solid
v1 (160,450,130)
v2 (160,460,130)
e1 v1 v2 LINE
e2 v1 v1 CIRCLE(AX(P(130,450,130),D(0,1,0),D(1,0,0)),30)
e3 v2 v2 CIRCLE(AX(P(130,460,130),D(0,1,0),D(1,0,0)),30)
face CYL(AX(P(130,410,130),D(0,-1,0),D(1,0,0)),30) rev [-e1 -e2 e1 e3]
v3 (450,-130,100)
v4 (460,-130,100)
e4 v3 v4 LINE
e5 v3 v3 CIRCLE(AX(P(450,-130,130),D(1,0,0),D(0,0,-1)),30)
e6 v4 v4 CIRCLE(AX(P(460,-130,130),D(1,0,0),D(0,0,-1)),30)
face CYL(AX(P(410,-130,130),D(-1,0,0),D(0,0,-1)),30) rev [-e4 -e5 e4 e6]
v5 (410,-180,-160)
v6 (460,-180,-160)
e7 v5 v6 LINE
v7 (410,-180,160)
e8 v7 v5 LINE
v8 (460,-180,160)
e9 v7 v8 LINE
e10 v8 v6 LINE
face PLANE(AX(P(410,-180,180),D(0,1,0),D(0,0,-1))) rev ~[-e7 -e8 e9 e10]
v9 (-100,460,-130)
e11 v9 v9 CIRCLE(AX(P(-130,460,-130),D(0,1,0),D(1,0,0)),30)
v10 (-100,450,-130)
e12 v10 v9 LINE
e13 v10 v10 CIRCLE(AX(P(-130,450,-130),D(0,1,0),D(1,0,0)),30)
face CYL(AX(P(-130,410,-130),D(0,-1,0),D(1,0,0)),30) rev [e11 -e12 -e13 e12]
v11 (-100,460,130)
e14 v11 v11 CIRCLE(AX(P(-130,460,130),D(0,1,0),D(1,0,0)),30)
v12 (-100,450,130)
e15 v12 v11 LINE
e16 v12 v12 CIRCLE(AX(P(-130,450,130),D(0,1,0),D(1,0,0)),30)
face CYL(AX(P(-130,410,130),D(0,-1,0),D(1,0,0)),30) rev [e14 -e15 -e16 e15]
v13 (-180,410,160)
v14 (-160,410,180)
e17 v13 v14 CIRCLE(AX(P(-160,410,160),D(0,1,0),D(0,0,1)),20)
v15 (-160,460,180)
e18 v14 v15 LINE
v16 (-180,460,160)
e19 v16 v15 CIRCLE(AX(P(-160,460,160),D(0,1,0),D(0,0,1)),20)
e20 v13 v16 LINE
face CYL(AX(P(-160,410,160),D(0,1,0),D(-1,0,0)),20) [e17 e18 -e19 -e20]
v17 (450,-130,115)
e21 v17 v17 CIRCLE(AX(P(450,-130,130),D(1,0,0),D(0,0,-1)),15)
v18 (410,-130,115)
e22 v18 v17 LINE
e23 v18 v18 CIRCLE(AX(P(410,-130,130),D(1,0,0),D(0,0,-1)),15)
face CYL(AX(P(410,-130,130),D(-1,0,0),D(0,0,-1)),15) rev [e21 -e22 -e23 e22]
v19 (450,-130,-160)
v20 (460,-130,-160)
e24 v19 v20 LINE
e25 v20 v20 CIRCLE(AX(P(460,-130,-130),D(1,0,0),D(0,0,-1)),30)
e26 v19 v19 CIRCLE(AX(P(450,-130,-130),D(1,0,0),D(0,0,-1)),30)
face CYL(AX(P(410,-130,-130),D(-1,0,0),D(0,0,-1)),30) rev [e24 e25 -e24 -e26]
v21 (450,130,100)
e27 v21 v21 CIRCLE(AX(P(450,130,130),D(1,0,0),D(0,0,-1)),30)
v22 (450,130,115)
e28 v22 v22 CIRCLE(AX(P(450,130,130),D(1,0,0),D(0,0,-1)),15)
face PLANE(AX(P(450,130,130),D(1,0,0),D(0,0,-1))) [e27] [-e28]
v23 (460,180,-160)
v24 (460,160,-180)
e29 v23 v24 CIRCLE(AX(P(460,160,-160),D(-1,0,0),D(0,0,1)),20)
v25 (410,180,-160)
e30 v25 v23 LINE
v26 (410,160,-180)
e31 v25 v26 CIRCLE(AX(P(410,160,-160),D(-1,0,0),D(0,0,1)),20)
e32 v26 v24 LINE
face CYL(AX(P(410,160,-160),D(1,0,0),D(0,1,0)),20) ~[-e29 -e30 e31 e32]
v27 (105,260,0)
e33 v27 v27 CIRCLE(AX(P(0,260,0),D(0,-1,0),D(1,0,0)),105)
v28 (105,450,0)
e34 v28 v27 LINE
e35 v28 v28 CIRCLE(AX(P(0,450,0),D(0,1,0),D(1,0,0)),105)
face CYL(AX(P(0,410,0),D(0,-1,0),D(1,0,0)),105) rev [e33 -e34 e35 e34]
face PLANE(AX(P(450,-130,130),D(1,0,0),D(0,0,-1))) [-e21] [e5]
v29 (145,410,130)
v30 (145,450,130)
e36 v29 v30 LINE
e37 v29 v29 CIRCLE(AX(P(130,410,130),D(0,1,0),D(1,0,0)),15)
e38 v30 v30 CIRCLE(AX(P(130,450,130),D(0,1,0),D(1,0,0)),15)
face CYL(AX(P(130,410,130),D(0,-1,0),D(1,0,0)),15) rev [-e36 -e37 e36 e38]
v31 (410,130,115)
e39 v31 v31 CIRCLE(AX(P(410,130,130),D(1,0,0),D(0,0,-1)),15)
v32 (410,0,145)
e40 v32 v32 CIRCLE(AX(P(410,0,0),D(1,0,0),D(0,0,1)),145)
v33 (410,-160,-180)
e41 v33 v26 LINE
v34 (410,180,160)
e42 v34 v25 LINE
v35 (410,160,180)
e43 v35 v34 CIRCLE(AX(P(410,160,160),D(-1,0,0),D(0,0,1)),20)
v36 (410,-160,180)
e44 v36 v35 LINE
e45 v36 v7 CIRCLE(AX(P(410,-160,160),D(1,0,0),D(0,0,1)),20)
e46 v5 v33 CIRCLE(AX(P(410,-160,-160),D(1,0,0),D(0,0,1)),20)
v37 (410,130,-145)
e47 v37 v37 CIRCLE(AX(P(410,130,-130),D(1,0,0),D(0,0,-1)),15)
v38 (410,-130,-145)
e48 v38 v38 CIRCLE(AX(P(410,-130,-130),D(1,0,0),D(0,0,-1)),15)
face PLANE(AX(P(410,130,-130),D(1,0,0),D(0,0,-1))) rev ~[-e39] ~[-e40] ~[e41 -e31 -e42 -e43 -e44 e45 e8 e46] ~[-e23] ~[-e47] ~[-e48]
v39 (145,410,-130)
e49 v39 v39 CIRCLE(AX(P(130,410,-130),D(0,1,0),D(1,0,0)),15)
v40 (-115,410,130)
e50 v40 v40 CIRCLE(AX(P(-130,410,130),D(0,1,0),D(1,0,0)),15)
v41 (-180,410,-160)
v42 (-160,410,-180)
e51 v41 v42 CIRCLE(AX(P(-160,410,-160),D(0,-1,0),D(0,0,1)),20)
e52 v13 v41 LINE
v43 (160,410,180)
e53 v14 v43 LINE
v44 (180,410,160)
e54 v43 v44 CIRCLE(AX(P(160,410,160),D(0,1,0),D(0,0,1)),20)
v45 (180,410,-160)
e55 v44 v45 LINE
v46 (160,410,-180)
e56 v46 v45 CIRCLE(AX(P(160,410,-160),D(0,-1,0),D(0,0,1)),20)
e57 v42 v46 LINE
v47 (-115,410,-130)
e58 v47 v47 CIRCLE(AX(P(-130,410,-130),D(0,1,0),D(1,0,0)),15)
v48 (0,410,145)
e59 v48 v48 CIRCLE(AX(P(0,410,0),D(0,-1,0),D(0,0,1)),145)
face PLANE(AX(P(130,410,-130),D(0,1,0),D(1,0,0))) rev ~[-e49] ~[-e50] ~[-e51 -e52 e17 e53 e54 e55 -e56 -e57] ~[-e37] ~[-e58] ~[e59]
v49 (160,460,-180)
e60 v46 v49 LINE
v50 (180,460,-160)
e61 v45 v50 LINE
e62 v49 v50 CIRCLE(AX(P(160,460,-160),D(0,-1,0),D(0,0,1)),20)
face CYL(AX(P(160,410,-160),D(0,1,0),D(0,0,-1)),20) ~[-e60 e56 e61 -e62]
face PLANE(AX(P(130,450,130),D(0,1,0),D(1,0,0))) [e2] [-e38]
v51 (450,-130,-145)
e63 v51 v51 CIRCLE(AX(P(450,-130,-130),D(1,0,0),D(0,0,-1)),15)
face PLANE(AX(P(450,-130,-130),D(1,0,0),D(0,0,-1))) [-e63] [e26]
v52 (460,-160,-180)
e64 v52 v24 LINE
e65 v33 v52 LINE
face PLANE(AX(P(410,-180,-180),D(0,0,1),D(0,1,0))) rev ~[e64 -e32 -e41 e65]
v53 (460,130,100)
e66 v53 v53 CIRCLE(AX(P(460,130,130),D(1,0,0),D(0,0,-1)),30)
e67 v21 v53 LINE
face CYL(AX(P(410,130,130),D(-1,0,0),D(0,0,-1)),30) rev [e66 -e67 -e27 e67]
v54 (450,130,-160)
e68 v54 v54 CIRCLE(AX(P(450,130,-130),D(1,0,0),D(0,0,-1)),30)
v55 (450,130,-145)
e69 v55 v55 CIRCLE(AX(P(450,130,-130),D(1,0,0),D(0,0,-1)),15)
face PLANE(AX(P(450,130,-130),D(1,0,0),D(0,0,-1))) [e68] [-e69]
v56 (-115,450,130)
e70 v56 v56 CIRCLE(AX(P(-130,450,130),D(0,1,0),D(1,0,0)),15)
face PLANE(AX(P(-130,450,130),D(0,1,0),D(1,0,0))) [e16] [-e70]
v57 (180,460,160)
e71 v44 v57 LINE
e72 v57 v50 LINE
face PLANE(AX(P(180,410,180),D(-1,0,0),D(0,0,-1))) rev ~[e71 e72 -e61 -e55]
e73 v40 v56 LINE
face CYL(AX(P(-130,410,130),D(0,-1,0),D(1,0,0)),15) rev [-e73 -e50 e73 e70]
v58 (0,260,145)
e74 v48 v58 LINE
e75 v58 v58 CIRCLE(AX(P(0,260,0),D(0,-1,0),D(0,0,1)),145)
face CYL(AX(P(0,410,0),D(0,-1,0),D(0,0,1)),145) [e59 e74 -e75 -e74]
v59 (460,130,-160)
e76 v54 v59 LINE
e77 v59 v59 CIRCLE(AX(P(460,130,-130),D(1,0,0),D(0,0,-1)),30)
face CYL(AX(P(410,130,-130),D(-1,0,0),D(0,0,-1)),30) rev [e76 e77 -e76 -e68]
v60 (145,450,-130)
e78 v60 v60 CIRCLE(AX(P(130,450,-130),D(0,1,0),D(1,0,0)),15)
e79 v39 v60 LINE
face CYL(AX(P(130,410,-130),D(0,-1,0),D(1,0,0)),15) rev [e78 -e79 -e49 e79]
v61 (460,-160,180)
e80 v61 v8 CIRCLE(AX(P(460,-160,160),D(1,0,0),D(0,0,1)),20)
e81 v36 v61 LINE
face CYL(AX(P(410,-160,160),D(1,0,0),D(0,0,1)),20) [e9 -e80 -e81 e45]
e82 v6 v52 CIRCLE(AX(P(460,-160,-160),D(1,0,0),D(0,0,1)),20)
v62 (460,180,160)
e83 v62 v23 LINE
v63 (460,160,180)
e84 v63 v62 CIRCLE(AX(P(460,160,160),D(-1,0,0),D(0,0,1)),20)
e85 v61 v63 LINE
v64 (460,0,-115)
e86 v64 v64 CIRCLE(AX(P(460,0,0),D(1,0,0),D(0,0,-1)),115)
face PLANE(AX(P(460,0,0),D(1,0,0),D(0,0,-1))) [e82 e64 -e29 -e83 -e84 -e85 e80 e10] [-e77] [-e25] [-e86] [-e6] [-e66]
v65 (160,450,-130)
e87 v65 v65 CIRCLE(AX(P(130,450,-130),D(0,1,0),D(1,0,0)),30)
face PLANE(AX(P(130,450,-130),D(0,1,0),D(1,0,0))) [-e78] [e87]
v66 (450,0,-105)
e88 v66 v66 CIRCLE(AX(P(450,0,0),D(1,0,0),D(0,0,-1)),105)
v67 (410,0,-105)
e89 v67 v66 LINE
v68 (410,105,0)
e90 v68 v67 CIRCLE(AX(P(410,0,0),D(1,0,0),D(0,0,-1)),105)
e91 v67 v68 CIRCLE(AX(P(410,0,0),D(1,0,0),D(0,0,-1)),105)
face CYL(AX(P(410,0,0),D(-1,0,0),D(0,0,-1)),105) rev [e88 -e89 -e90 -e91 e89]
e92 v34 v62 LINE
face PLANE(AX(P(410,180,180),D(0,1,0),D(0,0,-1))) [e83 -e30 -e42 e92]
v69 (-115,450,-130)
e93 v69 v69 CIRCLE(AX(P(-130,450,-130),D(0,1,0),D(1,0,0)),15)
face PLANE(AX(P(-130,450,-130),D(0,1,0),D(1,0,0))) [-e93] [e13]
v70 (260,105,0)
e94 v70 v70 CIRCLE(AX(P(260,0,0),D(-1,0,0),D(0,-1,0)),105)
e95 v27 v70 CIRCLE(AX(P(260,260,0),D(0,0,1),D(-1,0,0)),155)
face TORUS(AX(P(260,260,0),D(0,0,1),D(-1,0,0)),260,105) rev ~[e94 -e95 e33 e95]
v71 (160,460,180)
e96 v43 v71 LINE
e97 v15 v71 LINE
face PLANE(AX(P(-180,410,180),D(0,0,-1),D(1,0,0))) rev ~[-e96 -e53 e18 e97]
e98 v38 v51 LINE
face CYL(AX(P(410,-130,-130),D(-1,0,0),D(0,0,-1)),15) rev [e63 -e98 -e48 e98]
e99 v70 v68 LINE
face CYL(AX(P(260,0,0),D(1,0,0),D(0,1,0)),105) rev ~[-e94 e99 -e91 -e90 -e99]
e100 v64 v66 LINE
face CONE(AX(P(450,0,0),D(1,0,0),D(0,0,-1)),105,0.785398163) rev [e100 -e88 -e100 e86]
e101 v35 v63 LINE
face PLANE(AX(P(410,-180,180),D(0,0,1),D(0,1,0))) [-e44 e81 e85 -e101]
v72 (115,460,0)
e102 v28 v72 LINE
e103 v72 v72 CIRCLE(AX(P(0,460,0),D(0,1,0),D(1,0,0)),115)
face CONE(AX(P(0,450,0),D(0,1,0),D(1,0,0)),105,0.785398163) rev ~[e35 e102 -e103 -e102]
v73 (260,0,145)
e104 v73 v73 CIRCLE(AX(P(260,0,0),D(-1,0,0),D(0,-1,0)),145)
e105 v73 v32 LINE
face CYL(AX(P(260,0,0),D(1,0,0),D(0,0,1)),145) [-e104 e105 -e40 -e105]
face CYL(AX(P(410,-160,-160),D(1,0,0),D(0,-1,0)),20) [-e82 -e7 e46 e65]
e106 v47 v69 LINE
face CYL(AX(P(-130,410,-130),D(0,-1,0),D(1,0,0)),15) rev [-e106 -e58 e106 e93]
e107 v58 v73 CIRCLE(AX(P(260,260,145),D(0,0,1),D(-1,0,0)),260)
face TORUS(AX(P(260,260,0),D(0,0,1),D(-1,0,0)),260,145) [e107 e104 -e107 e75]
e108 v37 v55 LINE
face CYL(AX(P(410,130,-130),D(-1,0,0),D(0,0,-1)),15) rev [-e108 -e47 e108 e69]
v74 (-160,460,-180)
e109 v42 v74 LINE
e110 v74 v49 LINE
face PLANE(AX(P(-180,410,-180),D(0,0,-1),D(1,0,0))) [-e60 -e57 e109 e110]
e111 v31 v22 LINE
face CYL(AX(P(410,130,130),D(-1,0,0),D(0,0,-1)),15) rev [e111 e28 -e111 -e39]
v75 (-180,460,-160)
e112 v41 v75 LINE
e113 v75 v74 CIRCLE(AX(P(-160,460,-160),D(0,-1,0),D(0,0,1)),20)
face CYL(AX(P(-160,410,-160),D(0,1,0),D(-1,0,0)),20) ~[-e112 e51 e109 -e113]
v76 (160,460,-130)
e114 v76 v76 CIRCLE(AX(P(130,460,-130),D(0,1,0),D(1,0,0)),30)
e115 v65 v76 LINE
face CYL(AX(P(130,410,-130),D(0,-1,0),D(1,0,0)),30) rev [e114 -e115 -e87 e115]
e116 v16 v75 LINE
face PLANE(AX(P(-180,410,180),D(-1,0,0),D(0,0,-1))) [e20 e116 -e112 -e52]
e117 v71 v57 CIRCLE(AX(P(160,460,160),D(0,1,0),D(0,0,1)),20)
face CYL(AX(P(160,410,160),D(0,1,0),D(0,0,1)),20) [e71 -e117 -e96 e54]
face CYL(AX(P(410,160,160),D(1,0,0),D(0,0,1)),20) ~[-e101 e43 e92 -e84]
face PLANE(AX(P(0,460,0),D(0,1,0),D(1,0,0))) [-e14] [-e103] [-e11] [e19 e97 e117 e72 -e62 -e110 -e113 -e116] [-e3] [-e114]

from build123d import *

# Parameters (mm, degrees)
SKETCH3_W           = 360
SKETCH3_H           = 360
SKETCH3_R           = 30
SKETCH3_R_2         = 105
BOSS_EXTRUDE1_DEPTH = 50
SKETCH3_3_R         = 30
SKETCH3_3_R_2       = 15
BOSS_EXTRUDE2_DEPTH = 40
SKETCH2_W           = 360
SKETCH2_H           = 360
SKETCH2_R           = 30
SKETCH2_R_2         = 105
BOSS_EXTRUDE3_DEPTH = 50
SKETCH2_3_R         = 30
SKETCH2_3_R_2       = 15
BOSS_EXTRUDE4_DEPTH = 40
SKETCH4_R           = 145
SKETCH5_R           = 105
CHAMFER1_SIZE       = 10
FILLET1_R           = 20
FILLET2_R           = 20


with BuildPart() as part:
    # Sketch3 → Boss-Extrude1 (new body)
    with BuildSketch(Plane(origin=(410, 0, 0), x_dir=(0, 0, -1), z_dir=(1, 0, 0))):
        Rectangle(SKETCH3_W, SKETCH3_H)
        with Locations((-130, -130)):
            Circle(SKETCH3_R, mode=Mode.SUBTRACT)
        with Locations((130, -130)):
            Circle(SKETCH3_R, mode=Mode.SUBTRACT)
        with Locations((-130, 130)):
            Circle(SKETCH3_R, mode=Mode.SUBTRACT)
        with Locations((130, 130)):
            Circle(SKETCH3_R, mode=Mode.SUBTRACT)
        Circle(SKETCH3_R_2, mode=Mode.SUBTRACT)
    extrude(amount=BOSS_EXTRUDE1_DEPTH)

    # Sketch3<3> → Boss-Extrude2 (add)
    # profile 1 of 4: a face of its own
    with BuildSketch(Plane(origin=(410, 0, 0), x_dir=(0, 0, -1), z_dir=(1, 0, 0))):
        with Locations((130, 130)):
            Circle(SKETCH3_3_R)
        with Locations((130, 130)):
            Circle(SKETCH3_3_R_2, mode=Mode.SUBTRACT)
    # profile 2 of 4: a face of its own
    with BuildSketch(Plane(origin=(410, 0, 0), x_dir=(0, 0, -1), z_dir=(1, 0, 0))):
        with Locations((130, -130)):
            Circle(SKETCH3_3_R)
        with Locations((130, -130)):
            Circle(SKETCH3_3_R_2, mode=Mode.SUBTRACT)
    # profile 3 of 4: a face of its own
    with BuildSketch(Plane(origin=(410, 0, 0), x_dir=(0, 0, -1), z_dir=(1, 0, 0))):
        with Locations((-130, -130)):
            Circle(SKETCH3_3_R)
        with Locations((-130, -130)):
            Circle(SKETCH3_3_R_2, mode=Mode.SUBTRACT)
    # profile 4 of 4: a face of its own
    with BuildSketch(Plane(origin=(410, 0, 0), x_dir=(0, 0, -1), z_dir=(1, 0, 0))):
        with Locations((-130, 130)):
            Circle(SKETCH3_3_R)
        with Locations((-130, 130)):
            Circle(SKETCH3_3_R_2, mode=Mode.SUBTRACT)
    extrude(amount=BOSS_EXTRUDE2_DEPTH)



with BuildPart() as body_2:
    # Sketch2 → Boss-Extrude3 (new body)
    with BuildSketch(Plane(origin=(0, 410, 0), x_dir=(1, 0, 0), z_dir=(0, 1, 0))):
        Rectangle(SKETCH2_W, SKETCH2_H)
        with Locations((-130, -130)):
            Circle(SKETCH2_R, mode=Mode.SUBTRACT)
        with Locations((130, -130)):
            Circle(SKETCH2_R, mode=Mode.SUBTRACT)
        with Locations((-130, 130)):
            Circle(SKETCH2_R, mode=Mode.SUBTRACT)
        with Locations((130, 130)):
            Circle(SKETCH2_R, mode=Mode.SUBTRACT)
        Circle(SKETCH2_R_2, mode=Mode.SUBTRACT)
    extrude(amount=BOSS_EXTRUDE3_DEPTH)

    # Sketch2<3> → Boss-Extrude4 (add)
    # profile 1 of 4: a face of its own
    with BuildSketch(Plane(origin=(0, 410, 0), x_dir=(1, 0, 0), z_dir=(0, 1, 0))):
        with Locations((130, 130)):
            Circle(SKETCH2_3_R)
        with Locations((130, 130)):
            Circle(SKETCH2_3_R_2, mode=Mode.SUBTRACT)
    # profile 2 of 4: a face of its own
    with BuildSketch(Plane(origin=(0, 410, 0), x_dir=(1, 0, 0), z_dir=(0, 1, 0))):
        with Locations((130, -130)):
            Circle(SKETCH2_3_R)
        with Locations((130, -130)):
            Circle(SKETCH2_3_R_2, mode=Mode.SUBTRACT)
    # profile 3 of 4: a face of its own
    with BuildSketch(Plane(origin=(0, 410, 0), x_dir=(1, 0, 0), z_dir=(0, 1, 0))):
        with Locations((-130, -130)):
            Circle(SKETCH2_3_R)
        with Locations((-130, -130)):
            Circle(SKETCH2_3_R_2, mode=Mode.SUBTRACT)
    # profile 4 of 4: a face of its own
    with BuildSketch(Plane(origin=(0, 410, 0), x_dir=(1, 0, 0), z_dir=(0, 1, 0))):
        with Locations((-130, 130)):
            Circle(SKETCH2_3_R)
        with Locations((-130, 130)):
            Circle(SKETCH2_3_R_2, mode=Mode.SUBTRACT)
    extrude(amount=BOSS_EXTRUDE4_DEPTH)


with BuildPart() as part_1:
    add(part.part)

    add(body_2.part)  # Sweep1 merges body 2
    # Sweep1: sweep along a path in Sketch1
    with BuildLine(Plane.XY) as sweep1_path:
        Line((0, 410), (0, 260))
        ThreePointArc((0, 260), (76.152236891, 76.152236891), (260, 0))
        Line((260, 0), (410, 0))
    # Sketch4 → Sweep1 (sweep)
    with BuildSketch(Plane.ZY.offset(-410)):
        Circle(SKETCH4_R)
    sweep(path=sweep1_path.line)

    # Cut-Sweep2: sweep along a path in Sketch6
    with BuildLine(Plane.XY) as cut_sweep2_path:
        Line((0, 410), (0, 260))
        ThreePointArc((0, 260), (76.152236891, 76.152236891), (260, 0))
        Line((260, 0), (410, 0))
    # Sketch5 → Cut-Sweep2 (sweep, cut)
    with BuildSketch(Plane(origin=(0, 410, 0), x_dir=(1, 0, 0), z_dir=(0, 1, 0))):
        Circle(SKETCH5_R)
    sweep(path=cut_sweep2_path.line, mode=Mode.SUBTRACT)

    # Chamfer1
    chamfer1_edges = [part_1.edges().sort_by_distance(p)[0] for p in [
        (460, 0, 105),
        (-105, 460, 0),
    ]]
    chamfer(chamfer1_edges, length=CHAMFER1_SIZE)

    # Fillet1
    fillet1_edges = [part_1.edges().sort_by_distance(p)[0] for p in [
        (-180, 435, 180),
    ]]
    fillet(fillet1_edges, radius=FILLET1_R)

    # Fillet2
    fillet2_edges = [part_1.edges().sort_by_distance(p)[0] for p in [
        (435, 180, 180),
        (435, -180, 180),
        (435, -180, -180),
        (435, 180, -180),
        (-180, 435, -180),
        (180, 435, -180),
        (180, 435, 180),
    ]]
    fillet(fillet2_edges, radius=FILLET2_R)


solid = part_1.part
